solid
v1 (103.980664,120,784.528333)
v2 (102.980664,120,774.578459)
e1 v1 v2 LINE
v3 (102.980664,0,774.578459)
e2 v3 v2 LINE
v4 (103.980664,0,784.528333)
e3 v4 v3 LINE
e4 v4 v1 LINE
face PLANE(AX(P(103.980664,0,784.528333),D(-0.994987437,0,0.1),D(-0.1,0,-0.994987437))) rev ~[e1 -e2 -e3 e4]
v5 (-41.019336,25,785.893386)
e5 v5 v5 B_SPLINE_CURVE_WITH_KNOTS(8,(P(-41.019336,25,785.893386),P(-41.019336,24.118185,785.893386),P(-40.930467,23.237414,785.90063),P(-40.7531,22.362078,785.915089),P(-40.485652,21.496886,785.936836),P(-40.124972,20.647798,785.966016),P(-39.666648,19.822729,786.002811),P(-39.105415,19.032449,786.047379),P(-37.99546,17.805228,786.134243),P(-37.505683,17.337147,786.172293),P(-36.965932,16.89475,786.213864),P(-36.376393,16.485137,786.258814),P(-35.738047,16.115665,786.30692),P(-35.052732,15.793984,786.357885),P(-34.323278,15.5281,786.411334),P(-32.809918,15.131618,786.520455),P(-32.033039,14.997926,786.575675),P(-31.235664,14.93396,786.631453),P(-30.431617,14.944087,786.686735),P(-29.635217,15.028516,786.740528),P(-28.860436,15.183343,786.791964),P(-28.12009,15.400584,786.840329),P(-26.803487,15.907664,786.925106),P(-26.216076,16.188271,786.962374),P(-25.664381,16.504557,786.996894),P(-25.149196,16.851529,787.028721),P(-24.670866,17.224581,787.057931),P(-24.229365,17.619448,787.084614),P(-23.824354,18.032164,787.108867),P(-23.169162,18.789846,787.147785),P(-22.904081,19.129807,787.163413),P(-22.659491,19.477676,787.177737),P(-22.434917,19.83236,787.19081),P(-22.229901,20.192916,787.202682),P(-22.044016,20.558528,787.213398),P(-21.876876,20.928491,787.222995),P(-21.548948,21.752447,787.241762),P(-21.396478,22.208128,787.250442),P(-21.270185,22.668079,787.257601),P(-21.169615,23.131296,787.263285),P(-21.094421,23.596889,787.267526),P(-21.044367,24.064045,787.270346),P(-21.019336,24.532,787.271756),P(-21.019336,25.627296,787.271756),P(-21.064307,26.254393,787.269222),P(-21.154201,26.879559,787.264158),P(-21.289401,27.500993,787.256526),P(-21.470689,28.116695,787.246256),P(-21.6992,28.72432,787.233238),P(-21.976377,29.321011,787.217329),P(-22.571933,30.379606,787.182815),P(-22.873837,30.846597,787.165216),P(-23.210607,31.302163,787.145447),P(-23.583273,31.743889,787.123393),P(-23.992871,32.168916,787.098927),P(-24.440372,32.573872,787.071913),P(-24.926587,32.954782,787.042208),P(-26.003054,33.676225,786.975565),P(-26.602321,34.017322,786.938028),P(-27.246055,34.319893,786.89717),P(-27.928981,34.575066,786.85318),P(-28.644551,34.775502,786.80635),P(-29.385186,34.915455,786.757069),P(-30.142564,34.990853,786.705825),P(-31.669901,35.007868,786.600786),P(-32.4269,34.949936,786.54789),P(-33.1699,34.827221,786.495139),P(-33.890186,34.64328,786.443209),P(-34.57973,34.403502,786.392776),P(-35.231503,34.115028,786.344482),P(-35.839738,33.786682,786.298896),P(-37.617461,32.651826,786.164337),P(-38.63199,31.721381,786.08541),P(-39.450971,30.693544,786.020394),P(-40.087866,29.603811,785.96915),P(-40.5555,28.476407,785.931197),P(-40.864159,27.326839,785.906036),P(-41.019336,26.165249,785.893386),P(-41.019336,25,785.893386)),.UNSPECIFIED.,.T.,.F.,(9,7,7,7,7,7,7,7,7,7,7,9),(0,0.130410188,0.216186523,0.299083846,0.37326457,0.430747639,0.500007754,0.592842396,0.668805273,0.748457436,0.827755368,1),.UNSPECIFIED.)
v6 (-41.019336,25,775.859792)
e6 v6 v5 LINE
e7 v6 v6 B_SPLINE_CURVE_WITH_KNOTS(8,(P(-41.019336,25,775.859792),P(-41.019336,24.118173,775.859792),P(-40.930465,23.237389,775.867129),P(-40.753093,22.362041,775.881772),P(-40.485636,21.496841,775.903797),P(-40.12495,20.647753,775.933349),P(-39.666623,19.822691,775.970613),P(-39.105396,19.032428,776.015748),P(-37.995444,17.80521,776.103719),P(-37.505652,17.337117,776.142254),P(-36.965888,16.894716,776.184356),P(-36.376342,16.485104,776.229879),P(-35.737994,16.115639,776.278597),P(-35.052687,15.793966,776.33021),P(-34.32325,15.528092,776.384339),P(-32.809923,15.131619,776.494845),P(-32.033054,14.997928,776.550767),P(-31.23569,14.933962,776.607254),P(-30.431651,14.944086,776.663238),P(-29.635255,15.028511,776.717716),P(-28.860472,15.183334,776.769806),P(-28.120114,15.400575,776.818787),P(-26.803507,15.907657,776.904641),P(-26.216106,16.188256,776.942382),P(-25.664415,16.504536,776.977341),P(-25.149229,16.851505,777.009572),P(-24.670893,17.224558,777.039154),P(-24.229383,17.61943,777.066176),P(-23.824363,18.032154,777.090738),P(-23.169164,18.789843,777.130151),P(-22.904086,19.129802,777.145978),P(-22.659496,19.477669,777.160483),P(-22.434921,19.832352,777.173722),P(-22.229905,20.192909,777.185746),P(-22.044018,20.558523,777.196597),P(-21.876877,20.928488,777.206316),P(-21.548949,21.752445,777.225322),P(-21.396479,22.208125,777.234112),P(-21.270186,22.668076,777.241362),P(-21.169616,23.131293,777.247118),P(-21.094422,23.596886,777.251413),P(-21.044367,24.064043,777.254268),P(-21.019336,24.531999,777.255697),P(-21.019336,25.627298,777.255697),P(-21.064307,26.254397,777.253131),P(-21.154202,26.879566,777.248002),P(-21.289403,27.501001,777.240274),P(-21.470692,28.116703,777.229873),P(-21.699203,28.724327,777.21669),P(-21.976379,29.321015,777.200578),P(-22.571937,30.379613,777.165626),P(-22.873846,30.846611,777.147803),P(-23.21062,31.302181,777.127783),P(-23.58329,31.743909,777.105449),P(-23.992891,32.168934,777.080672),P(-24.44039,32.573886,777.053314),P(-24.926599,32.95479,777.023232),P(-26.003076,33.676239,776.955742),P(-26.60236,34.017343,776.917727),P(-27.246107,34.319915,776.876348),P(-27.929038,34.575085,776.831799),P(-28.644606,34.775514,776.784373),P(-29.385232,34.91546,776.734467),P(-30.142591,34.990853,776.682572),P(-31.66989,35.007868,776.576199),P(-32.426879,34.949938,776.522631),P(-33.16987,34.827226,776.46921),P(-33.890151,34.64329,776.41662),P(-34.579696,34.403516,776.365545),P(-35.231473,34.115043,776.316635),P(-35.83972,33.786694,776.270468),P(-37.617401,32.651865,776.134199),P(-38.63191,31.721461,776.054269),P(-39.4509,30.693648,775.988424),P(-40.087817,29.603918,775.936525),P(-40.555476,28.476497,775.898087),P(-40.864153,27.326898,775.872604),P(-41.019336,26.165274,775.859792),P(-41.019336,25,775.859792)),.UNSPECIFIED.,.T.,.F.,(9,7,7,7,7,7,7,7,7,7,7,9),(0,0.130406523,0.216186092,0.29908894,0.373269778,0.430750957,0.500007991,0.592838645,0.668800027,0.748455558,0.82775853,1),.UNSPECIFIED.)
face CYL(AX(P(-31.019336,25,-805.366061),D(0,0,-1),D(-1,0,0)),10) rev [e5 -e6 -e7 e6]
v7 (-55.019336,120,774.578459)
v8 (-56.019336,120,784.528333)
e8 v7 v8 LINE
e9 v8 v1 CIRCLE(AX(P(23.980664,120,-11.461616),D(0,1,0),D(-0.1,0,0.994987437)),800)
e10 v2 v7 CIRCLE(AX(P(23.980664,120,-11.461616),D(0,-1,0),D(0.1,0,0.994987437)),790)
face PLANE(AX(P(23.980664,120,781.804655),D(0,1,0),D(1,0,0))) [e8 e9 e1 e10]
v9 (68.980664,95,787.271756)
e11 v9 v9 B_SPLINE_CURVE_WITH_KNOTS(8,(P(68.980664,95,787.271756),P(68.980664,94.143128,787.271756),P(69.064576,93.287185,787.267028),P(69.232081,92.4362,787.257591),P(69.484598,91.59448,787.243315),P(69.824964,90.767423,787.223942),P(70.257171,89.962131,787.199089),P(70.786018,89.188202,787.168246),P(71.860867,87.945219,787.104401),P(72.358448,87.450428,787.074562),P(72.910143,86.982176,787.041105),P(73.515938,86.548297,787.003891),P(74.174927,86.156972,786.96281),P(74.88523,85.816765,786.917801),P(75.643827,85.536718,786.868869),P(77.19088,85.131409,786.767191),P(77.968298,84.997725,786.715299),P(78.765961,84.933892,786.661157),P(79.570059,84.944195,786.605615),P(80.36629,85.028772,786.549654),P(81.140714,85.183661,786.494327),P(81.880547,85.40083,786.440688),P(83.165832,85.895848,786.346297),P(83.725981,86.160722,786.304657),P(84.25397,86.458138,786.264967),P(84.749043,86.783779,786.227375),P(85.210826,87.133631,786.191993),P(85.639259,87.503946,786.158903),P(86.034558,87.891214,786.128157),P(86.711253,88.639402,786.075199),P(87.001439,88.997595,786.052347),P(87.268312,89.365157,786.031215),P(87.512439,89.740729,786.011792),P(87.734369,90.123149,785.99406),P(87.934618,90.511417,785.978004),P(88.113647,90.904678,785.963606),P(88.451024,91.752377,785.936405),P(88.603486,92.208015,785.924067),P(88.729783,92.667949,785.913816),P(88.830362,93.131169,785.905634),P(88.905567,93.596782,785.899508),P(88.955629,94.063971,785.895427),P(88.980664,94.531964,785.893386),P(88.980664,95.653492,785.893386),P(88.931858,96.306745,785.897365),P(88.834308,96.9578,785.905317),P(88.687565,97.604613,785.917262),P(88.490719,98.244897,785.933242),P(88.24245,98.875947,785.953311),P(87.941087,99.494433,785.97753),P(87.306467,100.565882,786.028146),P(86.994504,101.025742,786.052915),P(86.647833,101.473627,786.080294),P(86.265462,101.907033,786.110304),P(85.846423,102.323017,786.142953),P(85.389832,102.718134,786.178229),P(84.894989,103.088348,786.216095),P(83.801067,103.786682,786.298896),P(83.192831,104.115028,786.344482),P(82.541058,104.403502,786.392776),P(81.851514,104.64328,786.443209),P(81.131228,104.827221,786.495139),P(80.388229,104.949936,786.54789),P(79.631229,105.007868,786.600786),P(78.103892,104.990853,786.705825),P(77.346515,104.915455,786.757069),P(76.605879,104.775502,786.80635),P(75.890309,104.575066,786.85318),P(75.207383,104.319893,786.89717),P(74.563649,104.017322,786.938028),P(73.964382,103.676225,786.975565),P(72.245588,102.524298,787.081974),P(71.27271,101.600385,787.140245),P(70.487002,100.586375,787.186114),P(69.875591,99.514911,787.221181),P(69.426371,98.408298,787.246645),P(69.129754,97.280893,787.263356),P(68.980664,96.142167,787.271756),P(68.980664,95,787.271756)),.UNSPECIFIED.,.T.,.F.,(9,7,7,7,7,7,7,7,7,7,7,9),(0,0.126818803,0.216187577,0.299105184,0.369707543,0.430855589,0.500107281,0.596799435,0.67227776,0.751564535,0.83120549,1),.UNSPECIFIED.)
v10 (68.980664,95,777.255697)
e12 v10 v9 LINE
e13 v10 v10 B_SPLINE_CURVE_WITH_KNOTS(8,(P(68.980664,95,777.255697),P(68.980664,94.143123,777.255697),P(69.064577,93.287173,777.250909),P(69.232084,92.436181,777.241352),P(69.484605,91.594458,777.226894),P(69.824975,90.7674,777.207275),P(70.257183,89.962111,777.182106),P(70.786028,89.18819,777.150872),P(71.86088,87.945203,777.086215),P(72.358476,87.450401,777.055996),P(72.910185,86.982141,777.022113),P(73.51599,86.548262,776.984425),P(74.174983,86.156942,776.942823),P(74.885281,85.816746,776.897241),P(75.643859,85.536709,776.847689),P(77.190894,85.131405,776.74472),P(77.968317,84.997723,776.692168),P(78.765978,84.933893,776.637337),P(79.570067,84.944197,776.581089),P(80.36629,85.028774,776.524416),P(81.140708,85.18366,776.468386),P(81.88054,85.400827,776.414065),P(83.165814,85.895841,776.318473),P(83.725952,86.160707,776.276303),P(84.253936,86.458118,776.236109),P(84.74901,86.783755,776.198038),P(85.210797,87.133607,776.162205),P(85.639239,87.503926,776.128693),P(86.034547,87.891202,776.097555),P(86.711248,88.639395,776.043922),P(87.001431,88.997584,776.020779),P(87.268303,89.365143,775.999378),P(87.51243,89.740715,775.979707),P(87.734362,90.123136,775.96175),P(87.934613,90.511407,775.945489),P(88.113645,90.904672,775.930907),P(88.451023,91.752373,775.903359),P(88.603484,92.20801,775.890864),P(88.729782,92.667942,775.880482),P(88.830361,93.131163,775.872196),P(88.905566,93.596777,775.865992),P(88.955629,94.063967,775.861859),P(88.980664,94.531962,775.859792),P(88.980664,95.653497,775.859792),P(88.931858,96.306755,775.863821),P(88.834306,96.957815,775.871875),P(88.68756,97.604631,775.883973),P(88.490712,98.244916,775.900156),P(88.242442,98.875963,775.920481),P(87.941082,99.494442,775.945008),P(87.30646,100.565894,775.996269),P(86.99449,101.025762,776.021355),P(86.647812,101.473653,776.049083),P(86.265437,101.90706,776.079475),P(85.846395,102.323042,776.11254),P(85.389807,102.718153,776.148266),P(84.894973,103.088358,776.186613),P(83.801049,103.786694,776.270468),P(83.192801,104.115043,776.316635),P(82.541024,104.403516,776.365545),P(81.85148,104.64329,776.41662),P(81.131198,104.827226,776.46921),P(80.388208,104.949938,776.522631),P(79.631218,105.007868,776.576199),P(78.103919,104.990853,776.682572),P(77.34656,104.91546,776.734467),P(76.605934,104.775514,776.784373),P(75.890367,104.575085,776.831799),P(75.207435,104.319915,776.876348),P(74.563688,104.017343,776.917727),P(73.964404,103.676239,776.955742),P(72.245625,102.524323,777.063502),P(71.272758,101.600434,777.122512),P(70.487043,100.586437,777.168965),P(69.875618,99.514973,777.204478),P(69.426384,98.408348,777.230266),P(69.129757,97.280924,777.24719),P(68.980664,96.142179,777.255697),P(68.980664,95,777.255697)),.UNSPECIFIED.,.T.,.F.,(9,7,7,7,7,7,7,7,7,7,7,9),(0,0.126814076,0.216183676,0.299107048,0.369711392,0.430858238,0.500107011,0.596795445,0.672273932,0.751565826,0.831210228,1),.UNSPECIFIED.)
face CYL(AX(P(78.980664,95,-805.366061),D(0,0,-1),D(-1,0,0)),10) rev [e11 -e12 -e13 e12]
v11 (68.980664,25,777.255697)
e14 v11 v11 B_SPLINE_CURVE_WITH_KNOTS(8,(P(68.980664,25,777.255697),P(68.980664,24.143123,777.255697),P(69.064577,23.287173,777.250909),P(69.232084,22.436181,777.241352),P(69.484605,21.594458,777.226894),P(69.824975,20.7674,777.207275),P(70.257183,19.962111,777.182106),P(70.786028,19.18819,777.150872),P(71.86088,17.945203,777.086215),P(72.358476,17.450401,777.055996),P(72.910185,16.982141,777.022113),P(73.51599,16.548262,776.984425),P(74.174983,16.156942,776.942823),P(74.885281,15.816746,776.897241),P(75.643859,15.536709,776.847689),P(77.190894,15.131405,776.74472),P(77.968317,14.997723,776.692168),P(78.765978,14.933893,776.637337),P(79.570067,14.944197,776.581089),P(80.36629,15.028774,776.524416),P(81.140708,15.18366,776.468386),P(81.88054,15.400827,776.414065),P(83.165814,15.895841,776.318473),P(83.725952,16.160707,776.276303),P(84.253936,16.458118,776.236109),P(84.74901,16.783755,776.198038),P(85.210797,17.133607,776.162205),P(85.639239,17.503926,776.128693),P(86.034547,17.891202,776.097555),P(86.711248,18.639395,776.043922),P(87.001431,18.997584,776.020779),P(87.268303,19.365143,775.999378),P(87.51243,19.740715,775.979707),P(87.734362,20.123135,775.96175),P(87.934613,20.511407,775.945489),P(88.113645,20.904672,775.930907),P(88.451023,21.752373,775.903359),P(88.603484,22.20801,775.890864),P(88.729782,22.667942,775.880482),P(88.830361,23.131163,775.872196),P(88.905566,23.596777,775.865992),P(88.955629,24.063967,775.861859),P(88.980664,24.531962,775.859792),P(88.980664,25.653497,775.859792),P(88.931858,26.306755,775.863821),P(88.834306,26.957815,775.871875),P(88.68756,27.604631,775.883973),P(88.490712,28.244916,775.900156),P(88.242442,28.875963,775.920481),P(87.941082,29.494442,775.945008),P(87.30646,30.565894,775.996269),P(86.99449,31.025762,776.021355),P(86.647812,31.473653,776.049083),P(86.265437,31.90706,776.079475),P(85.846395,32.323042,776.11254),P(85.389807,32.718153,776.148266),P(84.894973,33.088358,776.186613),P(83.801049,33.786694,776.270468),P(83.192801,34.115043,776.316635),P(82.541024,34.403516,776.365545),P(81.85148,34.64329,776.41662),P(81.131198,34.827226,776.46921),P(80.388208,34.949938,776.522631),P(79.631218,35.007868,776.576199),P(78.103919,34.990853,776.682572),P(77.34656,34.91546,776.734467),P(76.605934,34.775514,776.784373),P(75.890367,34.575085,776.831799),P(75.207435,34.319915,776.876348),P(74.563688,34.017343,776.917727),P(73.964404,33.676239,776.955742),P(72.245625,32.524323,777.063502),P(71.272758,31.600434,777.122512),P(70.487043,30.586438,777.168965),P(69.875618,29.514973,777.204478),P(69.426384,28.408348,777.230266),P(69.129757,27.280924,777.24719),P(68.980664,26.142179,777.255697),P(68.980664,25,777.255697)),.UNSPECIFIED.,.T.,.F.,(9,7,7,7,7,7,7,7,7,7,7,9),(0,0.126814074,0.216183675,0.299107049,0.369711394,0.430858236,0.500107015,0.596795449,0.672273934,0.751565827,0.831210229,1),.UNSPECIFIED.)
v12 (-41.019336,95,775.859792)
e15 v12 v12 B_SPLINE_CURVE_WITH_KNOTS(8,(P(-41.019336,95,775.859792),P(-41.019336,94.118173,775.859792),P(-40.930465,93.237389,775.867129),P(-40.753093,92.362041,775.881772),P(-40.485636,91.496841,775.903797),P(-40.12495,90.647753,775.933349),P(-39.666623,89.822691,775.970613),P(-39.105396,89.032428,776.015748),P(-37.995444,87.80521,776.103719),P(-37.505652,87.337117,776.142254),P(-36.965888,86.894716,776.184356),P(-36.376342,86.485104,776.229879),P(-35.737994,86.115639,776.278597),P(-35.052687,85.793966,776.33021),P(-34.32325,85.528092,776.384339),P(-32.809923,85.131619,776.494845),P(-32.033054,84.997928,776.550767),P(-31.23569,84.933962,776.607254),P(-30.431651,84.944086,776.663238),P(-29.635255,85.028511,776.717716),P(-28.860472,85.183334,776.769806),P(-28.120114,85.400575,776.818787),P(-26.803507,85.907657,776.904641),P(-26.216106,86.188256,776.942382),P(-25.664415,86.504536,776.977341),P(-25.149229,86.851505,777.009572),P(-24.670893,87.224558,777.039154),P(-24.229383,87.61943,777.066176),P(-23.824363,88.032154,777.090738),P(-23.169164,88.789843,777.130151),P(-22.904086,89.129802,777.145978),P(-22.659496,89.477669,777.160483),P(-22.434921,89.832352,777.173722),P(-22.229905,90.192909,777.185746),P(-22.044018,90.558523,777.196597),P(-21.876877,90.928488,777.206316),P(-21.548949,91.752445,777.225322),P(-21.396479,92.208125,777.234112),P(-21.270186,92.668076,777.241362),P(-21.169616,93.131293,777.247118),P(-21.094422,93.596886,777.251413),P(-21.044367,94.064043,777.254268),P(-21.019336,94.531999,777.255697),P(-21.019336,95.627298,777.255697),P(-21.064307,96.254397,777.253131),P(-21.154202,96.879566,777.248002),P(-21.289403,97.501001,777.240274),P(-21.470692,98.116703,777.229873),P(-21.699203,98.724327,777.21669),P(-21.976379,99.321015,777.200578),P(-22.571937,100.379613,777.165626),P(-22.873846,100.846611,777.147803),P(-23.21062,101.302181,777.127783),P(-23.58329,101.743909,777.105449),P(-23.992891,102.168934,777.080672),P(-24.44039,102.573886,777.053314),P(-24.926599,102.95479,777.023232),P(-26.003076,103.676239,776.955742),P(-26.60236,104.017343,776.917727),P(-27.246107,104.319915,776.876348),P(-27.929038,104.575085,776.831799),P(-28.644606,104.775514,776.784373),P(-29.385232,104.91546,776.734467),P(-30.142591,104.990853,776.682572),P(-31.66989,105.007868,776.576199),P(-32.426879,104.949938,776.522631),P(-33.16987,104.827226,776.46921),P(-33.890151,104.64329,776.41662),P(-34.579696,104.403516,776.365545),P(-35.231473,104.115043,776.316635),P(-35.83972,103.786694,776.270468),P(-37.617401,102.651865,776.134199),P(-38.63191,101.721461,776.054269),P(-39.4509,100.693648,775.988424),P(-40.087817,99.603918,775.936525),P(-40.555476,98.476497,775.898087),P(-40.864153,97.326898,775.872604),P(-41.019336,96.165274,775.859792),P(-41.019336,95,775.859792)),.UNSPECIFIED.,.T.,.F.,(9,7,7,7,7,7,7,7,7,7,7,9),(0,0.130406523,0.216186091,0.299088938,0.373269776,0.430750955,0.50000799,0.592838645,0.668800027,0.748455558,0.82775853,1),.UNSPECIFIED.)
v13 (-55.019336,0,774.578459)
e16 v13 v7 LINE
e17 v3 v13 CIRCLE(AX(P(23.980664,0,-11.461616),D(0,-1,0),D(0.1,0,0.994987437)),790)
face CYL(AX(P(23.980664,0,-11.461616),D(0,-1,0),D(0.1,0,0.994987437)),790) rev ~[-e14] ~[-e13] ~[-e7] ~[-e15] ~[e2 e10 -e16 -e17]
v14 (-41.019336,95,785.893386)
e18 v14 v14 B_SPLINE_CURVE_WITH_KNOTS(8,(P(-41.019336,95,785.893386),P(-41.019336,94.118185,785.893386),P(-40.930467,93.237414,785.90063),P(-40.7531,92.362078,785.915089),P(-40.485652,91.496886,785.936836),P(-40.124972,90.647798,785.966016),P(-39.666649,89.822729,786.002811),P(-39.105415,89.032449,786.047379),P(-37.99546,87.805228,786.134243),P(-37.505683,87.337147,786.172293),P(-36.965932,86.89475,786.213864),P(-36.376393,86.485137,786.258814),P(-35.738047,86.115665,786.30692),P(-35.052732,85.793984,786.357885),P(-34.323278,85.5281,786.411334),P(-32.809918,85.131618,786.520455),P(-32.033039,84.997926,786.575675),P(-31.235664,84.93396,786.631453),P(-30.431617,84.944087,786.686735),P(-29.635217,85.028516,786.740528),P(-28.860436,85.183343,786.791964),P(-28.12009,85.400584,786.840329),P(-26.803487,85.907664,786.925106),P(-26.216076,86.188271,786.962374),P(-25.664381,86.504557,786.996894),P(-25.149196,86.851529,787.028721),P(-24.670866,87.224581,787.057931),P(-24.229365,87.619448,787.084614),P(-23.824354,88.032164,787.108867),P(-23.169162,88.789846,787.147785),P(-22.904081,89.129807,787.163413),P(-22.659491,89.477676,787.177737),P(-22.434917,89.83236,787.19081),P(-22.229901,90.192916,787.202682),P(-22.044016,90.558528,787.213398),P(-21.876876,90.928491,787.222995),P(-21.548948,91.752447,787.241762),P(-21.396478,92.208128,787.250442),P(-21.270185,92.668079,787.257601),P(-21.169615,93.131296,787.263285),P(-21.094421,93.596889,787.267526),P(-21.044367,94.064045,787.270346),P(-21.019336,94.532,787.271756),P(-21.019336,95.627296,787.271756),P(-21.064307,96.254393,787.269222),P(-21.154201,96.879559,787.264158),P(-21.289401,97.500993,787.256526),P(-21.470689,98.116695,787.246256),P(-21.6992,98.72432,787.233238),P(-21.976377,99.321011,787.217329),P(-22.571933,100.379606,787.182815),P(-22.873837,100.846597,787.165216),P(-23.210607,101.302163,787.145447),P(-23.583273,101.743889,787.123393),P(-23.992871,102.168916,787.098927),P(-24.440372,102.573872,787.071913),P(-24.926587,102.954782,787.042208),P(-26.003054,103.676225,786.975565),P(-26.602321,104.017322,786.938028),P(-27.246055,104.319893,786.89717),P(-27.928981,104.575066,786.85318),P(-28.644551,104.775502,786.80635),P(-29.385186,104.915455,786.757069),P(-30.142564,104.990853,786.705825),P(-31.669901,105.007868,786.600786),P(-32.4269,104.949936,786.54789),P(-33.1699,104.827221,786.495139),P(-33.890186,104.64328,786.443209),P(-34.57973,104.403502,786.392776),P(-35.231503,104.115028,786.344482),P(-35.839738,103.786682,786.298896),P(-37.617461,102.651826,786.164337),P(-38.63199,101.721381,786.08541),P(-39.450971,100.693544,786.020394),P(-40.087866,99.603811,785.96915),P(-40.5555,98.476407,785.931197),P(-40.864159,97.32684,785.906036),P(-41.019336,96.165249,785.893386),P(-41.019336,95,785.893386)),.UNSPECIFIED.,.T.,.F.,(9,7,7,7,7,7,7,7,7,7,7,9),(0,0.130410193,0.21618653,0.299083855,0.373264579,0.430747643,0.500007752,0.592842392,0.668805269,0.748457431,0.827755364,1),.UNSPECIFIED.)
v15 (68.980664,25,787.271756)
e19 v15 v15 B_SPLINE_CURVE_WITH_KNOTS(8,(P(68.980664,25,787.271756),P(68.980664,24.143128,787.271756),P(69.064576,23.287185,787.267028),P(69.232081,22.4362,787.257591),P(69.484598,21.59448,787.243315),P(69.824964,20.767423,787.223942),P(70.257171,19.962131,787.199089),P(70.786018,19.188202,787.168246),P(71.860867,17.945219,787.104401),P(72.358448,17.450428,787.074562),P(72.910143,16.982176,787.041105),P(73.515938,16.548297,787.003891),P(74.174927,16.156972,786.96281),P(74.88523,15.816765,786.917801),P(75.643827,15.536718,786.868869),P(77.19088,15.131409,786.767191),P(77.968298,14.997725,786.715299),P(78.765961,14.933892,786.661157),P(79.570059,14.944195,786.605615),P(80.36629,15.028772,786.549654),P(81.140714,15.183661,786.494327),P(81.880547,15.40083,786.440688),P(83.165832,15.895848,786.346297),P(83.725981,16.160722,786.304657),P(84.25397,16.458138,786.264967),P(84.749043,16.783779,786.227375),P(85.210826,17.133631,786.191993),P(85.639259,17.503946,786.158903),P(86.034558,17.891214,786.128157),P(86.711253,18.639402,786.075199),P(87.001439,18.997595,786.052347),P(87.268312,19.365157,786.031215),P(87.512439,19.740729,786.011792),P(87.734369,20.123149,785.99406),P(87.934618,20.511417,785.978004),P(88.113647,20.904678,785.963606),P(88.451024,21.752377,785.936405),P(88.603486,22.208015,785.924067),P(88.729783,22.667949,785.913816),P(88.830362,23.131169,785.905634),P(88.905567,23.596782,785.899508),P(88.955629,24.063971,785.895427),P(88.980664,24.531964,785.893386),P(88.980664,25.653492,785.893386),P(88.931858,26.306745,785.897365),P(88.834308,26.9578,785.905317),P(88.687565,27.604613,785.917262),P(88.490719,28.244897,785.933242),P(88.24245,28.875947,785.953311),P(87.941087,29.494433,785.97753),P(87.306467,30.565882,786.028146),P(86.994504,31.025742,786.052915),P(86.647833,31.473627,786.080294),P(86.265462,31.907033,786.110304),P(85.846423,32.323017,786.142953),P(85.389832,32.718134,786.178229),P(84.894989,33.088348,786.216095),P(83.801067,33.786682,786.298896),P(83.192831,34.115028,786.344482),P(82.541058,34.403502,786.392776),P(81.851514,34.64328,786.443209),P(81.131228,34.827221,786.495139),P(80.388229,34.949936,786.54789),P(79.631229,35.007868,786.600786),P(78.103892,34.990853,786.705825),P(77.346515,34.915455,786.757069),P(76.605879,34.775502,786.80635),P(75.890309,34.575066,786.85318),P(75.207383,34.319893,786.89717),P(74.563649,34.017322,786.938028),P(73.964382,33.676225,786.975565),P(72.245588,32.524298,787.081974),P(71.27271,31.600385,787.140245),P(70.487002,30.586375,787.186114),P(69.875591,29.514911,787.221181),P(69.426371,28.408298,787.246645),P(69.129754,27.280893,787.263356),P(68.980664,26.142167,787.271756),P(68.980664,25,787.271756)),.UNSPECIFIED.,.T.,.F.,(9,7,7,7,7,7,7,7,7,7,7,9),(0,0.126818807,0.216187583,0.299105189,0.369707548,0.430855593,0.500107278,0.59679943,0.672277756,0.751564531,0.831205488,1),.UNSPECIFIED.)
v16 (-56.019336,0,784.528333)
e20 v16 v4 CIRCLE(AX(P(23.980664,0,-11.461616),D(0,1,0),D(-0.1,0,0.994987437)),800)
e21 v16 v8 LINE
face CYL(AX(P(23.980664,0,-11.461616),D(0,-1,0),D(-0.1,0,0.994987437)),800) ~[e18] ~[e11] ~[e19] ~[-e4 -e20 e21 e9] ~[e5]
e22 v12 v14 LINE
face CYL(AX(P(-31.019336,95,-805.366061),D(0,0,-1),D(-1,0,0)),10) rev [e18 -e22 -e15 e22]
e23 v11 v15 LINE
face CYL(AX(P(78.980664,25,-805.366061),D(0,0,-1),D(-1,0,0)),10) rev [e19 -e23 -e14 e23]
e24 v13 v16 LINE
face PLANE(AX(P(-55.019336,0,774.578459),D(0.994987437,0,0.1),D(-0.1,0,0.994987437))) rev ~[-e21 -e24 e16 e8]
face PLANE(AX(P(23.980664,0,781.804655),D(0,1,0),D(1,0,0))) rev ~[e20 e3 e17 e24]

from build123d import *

# Parameters (mm, degrees)
BOSS_EXTRUDE1_DEPTH     = 120
CUT_EXTRUDE1_DEPTH      = 805.366061409
CUT_EXTRUDE1_DEPTH_BACK = 805.366061409
SKETCH2_R               = 10


with BuildPart() as part:
    # Sketch1 → Boss-Extrude1 (new body)
    with BuildSketch(Plane(origin=(0, 0, 0), x_dir=(1, 0, 0), z_dir=(0, 1, 0))):
        with BuildLine():
            Line((103.980664092, -784.528333178), (102.980664092, -774.578458807))
            ThreePointArc((102.980664092, -774.578458807), (23.980664092, -778.538383493), (-55.019335908, -774.578458807))
            Line((-55.019335908, -774.578458807), (-56.019335908, -784.528333178))
            ThreePointArc((-56.019335908, -784.528333178), (23.980664092, -788.538383493), (103.980664092, -784.528333178))
        make_face()
    extrude(amount=BOSS_EXTRUDE1_DEPTH)

    # Sketch2 → Cut-Extrude1 (cut, two sides: drawn at the far end of the back side and taken through both)
    with BuildSketch(Plane.XY.offset(-CUT_EXTRUDE1_DEPTH_BACK)):
        with Locations(Location((-31.019335908, 95, 0), (0, 0, 180))):
            Circle(SKETCH2_R)
        with Locations(Location((78.980664092, 95, 0), (0, 0, 180))):
            Circle(SKETCH2_R)
        with Locations(Location((78.980664092, 25, 0), (0, 0, 180))):
            Circle(SKETCH2_R)
        with Locations(Location((-31.019335908, 25, 0), (0, 0, 180))):
            Circle(SKETCH2_R)
    extrude(amount=CUT_EXTRUDE1_DEPTH + CUT_EXTRUDE1_DEPTH_BACK, mode=Mode.SUBTRACT)


solid = part.part
